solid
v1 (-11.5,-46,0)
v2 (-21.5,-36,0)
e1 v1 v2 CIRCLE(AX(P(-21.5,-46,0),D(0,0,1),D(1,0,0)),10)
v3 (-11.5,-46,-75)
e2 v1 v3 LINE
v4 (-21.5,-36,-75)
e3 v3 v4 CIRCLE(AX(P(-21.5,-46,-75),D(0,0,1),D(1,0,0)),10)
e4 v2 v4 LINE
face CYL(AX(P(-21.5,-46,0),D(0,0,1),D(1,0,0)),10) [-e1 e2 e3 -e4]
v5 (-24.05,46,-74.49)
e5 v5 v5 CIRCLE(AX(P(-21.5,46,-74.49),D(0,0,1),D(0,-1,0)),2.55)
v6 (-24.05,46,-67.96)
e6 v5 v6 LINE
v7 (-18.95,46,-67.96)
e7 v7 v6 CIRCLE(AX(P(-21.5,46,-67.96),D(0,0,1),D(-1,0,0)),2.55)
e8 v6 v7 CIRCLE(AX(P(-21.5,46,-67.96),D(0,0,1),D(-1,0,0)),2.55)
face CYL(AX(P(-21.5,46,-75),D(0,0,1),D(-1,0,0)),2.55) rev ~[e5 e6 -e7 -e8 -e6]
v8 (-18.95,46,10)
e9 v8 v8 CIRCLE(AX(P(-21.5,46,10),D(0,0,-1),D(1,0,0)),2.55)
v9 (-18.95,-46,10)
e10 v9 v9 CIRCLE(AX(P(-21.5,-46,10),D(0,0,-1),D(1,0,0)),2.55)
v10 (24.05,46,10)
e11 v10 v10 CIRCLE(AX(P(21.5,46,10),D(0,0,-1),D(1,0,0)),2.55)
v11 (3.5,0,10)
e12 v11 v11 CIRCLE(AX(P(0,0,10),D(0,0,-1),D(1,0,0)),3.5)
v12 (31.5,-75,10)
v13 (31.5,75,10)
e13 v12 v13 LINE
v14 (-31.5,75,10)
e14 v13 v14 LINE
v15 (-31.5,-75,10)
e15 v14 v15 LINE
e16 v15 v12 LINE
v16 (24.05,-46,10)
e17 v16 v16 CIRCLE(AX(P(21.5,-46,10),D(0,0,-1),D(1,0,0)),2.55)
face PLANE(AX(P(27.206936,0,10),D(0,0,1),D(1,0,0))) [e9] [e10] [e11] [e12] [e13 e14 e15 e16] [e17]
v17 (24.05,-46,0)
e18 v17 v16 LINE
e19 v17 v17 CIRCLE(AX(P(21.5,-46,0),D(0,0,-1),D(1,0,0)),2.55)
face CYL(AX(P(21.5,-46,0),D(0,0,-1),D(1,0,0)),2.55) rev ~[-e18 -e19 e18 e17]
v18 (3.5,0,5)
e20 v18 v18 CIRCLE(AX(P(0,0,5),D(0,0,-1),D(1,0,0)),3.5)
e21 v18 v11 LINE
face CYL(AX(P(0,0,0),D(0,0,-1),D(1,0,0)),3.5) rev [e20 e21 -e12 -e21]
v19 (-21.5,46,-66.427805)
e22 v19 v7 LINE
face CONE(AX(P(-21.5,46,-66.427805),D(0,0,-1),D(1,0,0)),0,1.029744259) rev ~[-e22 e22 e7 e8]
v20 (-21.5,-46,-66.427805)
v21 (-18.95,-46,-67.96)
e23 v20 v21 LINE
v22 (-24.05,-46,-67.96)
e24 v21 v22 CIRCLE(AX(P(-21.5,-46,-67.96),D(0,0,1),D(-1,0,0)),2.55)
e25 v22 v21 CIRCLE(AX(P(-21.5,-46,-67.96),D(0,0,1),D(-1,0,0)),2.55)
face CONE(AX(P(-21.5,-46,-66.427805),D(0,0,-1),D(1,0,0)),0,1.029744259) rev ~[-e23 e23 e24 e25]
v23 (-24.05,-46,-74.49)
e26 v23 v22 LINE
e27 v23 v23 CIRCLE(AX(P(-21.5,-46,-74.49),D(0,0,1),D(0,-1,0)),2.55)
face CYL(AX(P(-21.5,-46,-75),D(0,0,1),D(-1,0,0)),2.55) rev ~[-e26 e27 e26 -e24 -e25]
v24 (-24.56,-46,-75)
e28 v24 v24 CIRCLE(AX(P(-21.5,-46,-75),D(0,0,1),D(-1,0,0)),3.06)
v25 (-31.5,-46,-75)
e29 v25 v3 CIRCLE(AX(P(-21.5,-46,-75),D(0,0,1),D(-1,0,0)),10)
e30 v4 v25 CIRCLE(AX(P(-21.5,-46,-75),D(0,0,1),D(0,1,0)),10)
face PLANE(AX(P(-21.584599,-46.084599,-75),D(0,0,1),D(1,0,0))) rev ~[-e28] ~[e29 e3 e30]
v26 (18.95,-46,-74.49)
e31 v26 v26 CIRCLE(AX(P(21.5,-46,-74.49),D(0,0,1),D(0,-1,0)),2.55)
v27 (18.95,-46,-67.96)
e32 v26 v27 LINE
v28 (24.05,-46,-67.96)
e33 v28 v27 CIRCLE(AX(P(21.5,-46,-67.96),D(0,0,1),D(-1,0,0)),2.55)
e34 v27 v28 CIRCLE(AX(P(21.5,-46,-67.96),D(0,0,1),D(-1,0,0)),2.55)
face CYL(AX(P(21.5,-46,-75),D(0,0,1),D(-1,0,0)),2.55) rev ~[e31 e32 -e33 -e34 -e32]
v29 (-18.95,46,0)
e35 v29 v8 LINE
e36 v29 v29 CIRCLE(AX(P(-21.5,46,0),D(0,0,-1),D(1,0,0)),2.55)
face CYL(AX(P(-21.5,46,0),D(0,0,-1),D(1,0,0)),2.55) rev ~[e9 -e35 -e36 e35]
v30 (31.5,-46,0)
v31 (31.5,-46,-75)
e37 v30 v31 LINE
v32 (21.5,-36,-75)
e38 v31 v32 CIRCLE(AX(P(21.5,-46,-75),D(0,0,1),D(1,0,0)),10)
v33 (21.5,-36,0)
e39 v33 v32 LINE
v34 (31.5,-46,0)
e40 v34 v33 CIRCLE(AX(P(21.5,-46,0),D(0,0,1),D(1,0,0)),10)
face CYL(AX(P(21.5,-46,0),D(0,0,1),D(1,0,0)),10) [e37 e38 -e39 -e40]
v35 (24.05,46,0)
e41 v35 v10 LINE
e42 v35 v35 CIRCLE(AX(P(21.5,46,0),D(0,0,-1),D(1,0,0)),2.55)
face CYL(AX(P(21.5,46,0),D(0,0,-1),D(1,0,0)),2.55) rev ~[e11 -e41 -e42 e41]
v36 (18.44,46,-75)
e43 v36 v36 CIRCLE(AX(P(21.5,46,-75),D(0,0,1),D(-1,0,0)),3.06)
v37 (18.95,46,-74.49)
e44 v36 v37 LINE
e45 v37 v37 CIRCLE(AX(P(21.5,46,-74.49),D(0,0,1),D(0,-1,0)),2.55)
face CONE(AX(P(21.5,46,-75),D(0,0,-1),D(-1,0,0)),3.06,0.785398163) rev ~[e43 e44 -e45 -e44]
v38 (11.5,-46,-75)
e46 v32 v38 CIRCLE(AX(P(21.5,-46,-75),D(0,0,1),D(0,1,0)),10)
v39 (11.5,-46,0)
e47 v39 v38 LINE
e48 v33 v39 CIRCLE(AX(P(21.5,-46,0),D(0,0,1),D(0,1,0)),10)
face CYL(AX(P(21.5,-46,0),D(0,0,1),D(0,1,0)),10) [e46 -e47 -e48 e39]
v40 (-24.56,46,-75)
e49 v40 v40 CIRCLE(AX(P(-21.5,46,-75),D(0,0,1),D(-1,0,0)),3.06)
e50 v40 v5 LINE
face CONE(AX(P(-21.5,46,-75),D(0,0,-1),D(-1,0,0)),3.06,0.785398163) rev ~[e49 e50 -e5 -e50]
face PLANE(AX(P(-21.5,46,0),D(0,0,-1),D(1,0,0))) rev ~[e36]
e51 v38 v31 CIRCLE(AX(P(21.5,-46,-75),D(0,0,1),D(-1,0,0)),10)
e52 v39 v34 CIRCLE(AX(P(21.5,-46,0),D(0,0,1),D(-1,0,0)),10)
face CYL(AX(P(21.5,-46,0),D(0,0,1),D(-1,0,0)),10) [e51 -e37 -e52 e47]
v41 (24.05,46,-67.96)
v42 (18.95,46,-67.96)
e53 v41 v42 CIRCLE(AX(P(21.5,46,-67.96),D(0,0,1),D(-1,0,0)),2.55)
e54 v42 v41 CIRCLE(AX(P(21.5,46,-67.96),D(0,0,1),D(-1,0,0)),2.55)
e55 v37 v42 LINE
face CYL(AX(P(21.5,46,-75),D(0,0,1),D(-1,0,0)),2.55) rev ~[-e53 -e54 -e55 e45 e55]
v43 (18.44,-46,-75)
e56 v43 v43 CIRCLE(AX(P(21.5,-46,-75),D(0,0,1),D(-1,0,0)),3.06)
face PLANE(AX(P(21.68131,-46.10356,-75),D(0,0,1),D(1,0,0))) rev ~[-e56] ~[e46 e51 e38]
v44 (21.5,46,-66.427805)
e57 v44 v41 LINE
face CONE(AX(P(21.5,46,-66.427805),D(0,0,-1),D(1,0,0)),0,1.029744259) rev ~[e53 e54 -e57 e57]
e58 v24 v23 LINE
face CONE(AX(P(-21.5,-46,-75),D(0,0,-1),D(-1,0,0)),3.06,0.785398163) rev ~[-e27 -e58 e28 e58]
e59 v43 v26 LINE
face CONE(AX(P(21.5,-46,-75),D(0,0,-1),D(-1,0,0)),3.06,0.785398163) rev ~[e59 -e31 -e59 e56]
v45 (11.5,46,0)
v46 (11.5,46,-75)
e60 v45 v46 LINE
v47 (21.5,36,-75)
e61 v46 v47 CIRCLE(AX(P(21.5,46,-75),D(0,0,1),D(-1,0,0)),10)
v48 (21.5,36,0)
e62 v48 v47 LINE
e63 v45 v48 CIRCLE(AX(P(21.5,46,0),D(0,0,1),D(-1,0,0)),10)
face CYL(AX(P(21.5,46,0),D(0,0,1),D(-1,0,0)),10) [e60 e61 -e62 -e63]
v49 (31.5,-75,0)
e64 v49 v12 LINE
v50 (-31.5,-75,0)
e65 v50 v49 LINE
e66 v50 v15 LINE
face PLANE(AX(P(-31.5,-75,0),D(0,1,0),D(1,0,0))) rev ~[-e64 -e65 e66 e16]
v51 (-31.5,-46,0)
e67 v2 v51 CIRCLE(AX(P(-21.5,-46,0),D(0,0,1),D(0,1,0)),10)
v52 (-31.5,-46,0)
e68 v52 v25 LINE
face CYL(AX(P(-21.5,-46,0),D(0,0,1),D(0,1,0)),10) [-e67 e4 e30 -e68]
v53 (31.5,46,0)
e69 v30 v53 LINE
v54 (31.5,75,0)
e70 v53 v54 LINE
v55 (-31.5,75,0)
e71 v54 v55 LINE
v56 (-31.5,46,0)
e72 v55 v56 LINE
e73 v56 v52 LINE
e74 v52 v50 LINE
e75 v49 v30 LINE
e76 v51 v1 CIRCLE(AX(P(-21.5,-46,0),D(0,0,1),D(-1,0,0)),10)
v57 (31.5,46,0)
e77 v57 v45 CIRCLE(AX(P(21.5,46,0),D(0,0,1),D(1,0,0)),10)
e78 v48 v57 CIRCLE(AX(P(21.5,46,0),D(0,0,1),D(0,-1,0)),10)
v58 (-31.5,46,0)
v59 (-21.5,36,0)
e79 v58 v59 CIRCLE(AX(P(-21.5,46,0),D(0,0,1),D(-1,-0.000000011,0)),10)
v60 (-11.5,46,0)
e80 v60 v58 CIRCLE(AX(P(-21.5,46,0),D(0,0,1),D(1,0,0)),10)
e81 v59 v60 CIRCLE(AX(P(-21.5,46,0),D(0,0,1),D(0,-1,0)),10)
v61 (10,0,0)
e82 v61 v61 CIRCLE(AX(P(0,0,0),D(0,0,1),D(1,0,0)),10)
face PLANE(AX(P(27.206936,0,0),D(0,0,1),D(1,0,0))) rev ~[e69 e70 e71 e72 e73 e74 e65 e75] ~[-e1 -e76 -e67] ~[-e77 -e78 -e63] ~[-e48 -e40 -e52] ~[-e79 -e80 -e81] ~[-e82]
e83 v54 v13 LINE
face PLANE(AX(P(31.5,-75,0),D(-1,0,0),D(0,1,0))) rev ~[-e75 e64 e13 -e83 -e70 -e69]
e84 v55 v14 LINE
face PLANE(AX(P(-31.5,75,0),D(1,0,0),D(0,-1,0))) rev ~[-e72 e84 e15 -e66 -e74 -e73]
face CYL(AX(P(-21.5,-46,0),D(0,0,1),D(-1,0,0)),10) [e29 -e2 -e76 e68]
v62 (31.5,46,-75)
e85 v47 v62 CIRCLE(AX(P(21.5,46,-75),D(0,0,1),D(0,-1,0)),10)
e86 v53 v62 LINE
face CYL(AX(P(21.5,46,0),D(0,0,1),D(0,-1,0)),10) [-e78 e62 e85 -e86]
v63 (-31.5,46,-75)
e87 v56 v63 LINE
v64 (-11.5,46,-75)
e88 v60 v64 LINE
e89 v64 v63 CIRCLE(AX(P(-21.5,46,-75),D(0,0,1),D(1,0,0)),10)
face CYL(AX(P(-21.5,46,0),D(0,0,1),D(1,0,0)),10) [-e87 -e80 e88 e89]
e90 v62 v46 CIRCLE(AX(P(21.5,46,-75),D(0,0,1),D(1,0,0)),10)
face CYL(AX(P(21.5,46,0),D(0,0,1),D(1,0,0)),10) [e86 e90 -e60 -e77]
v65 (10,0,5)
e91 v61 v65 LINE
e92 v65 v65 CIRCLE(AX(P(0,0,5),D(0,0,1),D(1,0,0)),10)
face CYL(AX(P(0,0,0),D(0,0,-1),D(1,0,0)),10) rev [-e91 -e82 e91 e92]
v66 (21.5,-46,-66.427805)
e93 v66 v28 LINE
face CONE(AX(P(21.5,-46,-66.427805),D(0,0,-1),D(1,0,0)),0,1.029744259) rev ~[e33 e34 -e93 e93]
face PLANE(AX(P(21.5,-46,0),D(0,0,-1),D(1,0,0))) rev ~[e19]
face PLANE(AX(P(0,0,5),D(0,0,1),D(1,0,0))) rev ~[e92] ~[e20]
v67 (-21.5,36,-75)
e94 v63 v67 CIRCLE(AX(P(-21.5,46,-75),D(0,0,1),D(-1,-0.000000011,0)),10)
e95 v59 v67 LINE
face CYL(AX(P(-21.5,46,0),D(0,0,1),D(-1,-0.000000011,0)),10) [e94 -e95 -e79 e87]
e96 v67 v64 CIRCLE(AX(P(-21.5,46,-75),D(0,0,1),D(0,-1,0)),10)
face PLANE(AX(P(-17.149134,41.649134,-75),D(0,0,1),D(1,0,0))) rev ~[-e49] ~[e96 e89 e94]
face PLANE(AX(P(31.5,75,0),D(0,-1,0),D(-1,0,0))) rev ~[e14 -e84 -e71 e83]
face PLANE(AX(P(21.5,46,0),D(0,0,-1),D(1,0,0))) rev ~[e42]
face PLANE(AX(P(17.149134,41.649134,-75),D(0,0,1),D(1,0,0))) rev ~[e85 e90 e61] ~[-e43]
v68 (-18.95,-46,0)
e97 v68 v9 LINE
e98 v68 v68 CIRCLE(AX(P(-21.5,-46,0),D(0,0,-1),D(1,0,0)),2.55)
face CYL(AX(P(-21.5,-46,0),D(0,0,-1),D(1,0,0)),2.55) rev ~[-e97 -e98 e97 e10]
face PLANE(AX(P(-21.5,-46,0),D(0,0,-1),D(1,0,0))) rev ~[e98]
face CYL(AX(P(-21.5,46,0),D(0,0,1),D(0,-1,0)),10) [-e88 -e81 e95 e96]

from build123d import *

# Parameters (mm, degrees)
F5_DEPTH               = 10
F6_DEPTH               = 75
F11_D                  = 5.1
F11_DEPTH              = 7.04
F11_CSINK_D            = 6.12
F11_CSINK_ANGLE        = 90
F11_TIP                = 1.5321945785
F11_ON_F9_D            = 5.1
F11_ON_F9_DEPTH        = 7.04
F11_ON_F9_CSINK_D      = 6.12
F11_ON_F9_CSINK_ANGLE  = 90
F11_ON_F9_TIP          = 1.5321945785
F11_ON_F10_D           = 5.1
F11_ON_F10_DEPTH       = 7.04
F11_ON_F10_CSINK_D     = 6.12
F11_ON_F10_CSINK_ANGLE = 90
F11_ON_F10_TIP         = 1.5321945785
F11_ON_F8_D            = 5.1
F11_ON_F8_DEPTH        = 7.04
F11_ON_F8_CSINK_D      = 6.12
F11_ON_F8_CSINK_ANGLE  = 90
F11_ON_F8_TIP          = 1.5321945785
F12_D                  = 5.1
F12_DEPTH              = 11
F12_TIP                = 1.5321945785
F13_R                  = 3.5
F14_DEPTH              = 25
F15_R                  = 10
F16_DEPTH              = 5


with BuildPart() as f5:
    # F4 (on Top) → F5 (new body)
    with BuildSketch(Plane.XY):
        with BuildLine():
            ThreePointArc((21.5, -36), (28.5710678119, -38.9289321881), (31.5, -46))
            Line((31.5, -46), (31.5, 46))
            ThreePointArc((31.5, 46), (28.5710678119, 38.9289321881), (21.5, 36))
            Line((21.5, 36), (21.5, -36))
        make_face()
        with BuildLine():
            Line((-31.5, -75), (31.5, -75))
            Line((31.5, -75), (31.5, -46))
            ThreePointArc((31.5, -46), (21.5, -56), (11.5, -46))
            Line((11.5, -46), (-11.5, -46))
            ThreePointArc((-11.5, -46), (-21.5, -56), (-31.5, -46))
            Line((-31.5, -46), (-31.5, -75))
        make_face()
        with BuildLine():
            Line((-31.5, 45.999999887), (-31.5, -46))
            ThreePointArc((-31.5, -46), (-28.5710678119, -38.9289321881), (-21.5, -36))
            Line((-21.5, -36), (-21.5, 36))
            ThreePointArc((-21.5, 36), (-28.5710677719, 38.9289321482), (-31.5, 45.999999887))
        make_face()
        with BuildLine():
            ThreePointArc((11.5, -46), (14.4289321881, -38.9289321881), (21.5, -36))
            Line((21.5, -36), (21.5, 36))
            ThreePointArc((21.5, 36), (14.4289321881, 38.9289321881), (11.5, 46))
            Line((11.5, 46), (-11.5, 46))
            ThreePointArc((-11.5, 46), (-14.4289321881, 38.9289321881), (-21.5, 36))
            Line((-21.5, 36), (-21.5, -36))
            ThreePointArc((-21.5, -36), (-14.4289321881, -38.9289321881), (-11.5, -46))
            Line((-11.5, -46), (11.5, -46))
        make_face()
        with BuildLine():
            ThreePointArc((-21.5, -36), (-28.5710678119, -38.9289321881), (-31.5, -46))
            ThreePointArc((-31.5, -46), (-21.5, -56), (-11.5, -46))
            Line((-11.5, -46), (-18.95, -46))
            ThreePointArc((-18.95, -46), (-23.303122292, -47.803122292), (-21.5, -43.45))
            Line((-21.5, -43.45), (-21.5, -36))
        make_face()
        with BuildLine():
            ThreePointArc((-11.5, -46), (-14.4289321881, -38.9289321881), (-21.5, -36))
            Line((-21.5, -36), (-21.5, -43.45))
            ThreePointArc((-21.5, -43.45), (-19.696877708, -44.196877708), (-18.95, -46))
            Line((-18.95, -46), (-11.5, -46))
        make_face()
        with BuildLine():
            Line((-21.5, -46), (-21.5, -43.45))
            ThreePointArc((-21.5, -43.45), (-23.303122292, -47.803122292), (-18.95, -46))
            Line((-18.95, -46), (-21.5, -46))
        make_face()
        with BuildLine():
            ThreePointArc((-18.95, -46), (-19.696877708, -44.196877708), (-21.5, -43.45))
            Line((-21.5, -43.45), (-21.5, -46))
            Line((-21.5, -46), (-18.95, -46))
        make_face()
        with BuildLine():
            ThreePointArc((11.5, -46), (21.5, -56), (31.5, -46))
            ThreePointArc((31.5, -46), (28.5710678119, -38.9289321881), (21.5, -36))
            Line((21.5, -36), (21.5, -43.45))
            ThreePointArc((21.5, -43.45), (23.303122292, -44.196877708), (24.05, -46))
            ThreePointArc((24.05, -46), (21.5, -48.55), (18.95, -46))
            Line((18.95, -46), (11.5, -46))
        make_face()
        with BuildLine():
            Line((21.5, -46), (21.5, -43.45))
            ThreePointArc((21.5, -43.45), (19.696877708, -44.196877708), (18.95, -46))
            Line((18.95, -46), (21.5, -46))
        make_face()
        with BuildLine():
            ThreePointArc((24.05, -46), (23.303122292, -44.196877708), (21.5, -43.45))
            Line((21.5, -43.45), (21.5, -46))
            Line((21.5, -46), (18.95, -46))
            ThreePointArc((18.95, -46), (21.5, -48.55), (24.05, -46))
        make_face()
        with BuildLine():
            Line((21.5, -43.45), (21.5, -36))
            ThreePointArc((21.5, -36), (14.4289321881, -38.9289321881), (11.5, -46))
            Line((11.5, -46), (18.95, -46))
            ThreePointArc((18.95, -46), (19.696877708, -44.196877708), (21.5, -43.45))
        make_face()
        with BuildLine():
            Line((18.95, 46), (11.5, 46))
            ThreePointArc((11.5, 46), (14.4289321881, 38.9289321881), (21.5, 36))
            Line((21.5, 36), (21.5, 43.45))
            ThreePointArc((21.5, 43.45), (19.696877708, 44.196877708), (18.95, 46))
        make_face()
        with BuildLine():
            Line((21.5, 46), (18.95, 46))
            ThreePointArc((18.95, 46), (19.696877708, 44.196877708), (21.5, 43.45))
            Line((21.5, 43.45), (21.5, 46))
        make_face()
        with BuildLine():
            ThreePointArc((24.05, 46), (21.5, 48.55), (18.95, 46))
            Line((18.95, 46), (21.5, 46))
            Line((21.5, 46), (21.5, 43.45))
            ThreePointArc((21.5, 43.45), (23.303122292, 44.196877708), (24.05, 46))
        make_face()
        with BuildLine():
            ThreePointArc((21.5, 36), (28.5710678119, 38.9289321881), (31.5, 46))
            ThreePointArc((31.5, 46), (21.5, 56), (11.5, 46))
            Line((11.5, 46), (18.95, 46))
            ThreePointArc((18.95, 46), (21.5, 48.55), (24.05, 46))
            ThreePointArc((24.05, 46), (23.303122292, 44.196877708), (21.5, 43.45))
            Line((21.5, 43.45), (21.5, 36))
        make_face()
        with BuildLine():
            ThreePointArc((-21.5, 36), (-14.4289321881, 38.9289321881), (-11.5, 46))
            Line((-11.5, 46), (-18.95, 46))
            ThreePointArc((-18.95, 46), (-19.696877708, 44.196877708), (-21.5, 43.45))
            Line((-21.5, 43.45), (-21.5, 36))
        make_face()
        with BuildLine():
            ThreePointArc((-21.5, 43.45), (-19.696877708, 44.196877708), (-18.95, 46))
            Line((-18.95, 46), (-21.5, 46))
            Line((-21.5, 46), (-21.5, 43.45))
        make_face()
        with BuildLine():
            Line((-21.5, 46), (-18.95, 46))
            ThreePointArc((-18.95, 46), (-23.303122292, 47.803122292), (-21.5, 43.45))
            Line((-21.5, 43.45), (-21.5, 46))
        make_face()
        with BuildLine():
            ThreePointArc((-11.5, 46), (-21.5000000565, 56), (-31.5, 45.999999887))
            ThreePointArc((-31.5, 45.999999887), (-28.5710677719, 38.9289321482), (-21.5, 36))
            Line((-21.5, 36), (-21.5, 43.45))
            ThreePointArc((-21.5, 43.45), (-23.303122292, 47.803122292), (-18.95, 46))
            Line((-18.95, 46), (-11.5, 46))
        make_face()
        with BuildLine():
            ThreePointArc((11.5, 46), (21.5, 56), (31.5, 46))
            Line((31.5, 46), (31.5, 75))
            Line((31.5, 75), (-31.5, 75))
            Line((-31.5, 75), (-31.5, 45.999999887))
            ThreePointArc((-31.5, 45.999999887), (-21.5000000565, 56), (-11.5, 46))
            Line((-11.5, 46), (11.5, 46))
        make_face()
    extrude(amount=F5_DEPTH)

    # F4 (on Top) → F6 (join)
    with BuildSketch(Plane.XY):
        with BuildLine():
            Line((18.95, 46), (11.5, 46))
            ThreePointArc((11.5, 46), (14.4289321881, 38.9289321881), (21.5, 36))
            Line((21.5, 36), (21.5, 43.45))
            ThreePointArc((21.5, 43.45), (19.696877708, 44.196877708), (18.95, 46))
        make_face()
        with BuildLine():
            ThreePointArc((21.5, 36), (28.5710678119, 38.9289321881), (31.5, 46))
            ThreePointArc((31.5, 46), (21.5, 56), (11.5, 46))
            Line((11.5, 46), (18.95, 46))
            ThreePointArc((18.95, 46), (21.5, 48.55), (24.05, 46))
            ThreePointArc((24.05, 46), (23.303122292, 44.196877708), (21.5, 43.45))
            Line((21.5, 43.45), (21.5, 36))
        make_face()
        with BuildLine():
            ThreePointArc((24.05, 46), (21.5, 48.55), (18.95, 46))
            Line((18.95, 46), (21.5, 46))
            Line((21.5, 46), (21.5, 43.45))
            ThreePointArc((21.5, 43.45), (23.303122292, 44.196877708), (24.05, 46))
        make_face()
        with BuildLine():
            Line((21.5, 46), (18.95, 46))
            ThreePointArc((18.95, 46), (19.696877708, 44.196877708), (21.5, 43.45))
            Line((21.5, 43.45), (21.5, 46))
        make_face()
        with BuildLine():
            ThreePointArc((-21.5, 36), (-14.4289321881, 38.9289321881), (-11.5, 46))
            Line((-11.5, 46), (-18.95, 46))
            ThreePointArc((-18.95, 46), (-19.696877708, 44.196877708), (-21.5, 43.45))
            Line((-21.5, 43.45), (-21.5, 36))
        make_face()
        with BuildLine():
            ThreePointArc((-11.5, 46), (-21.5000000565, 56), (-31.5, 45.999999887))
            ThreePointArc((-31.5, 45.999999887), (-28.5710677719, 38.9289321482), (-21.5, 36))
            Line((-21.5, 36), (-21.5, 43.45))
            ThreePointArc((-21.5, 43.45), (-23.303122292, 47.803122292), (-18.95, 46))
            Line((-18.95, 46), (-11.5, 46))
        make_face()
        with BuildLine():
            ThreePointArc((-21.5, 43.45), (-19.696877708, 44.196877708), (-18.95, 46))
            Line((-18.95, 46), (-21.5, 46))
            Line((-21.5, 46), (-21.5, 43.45))
        make_face()
        with BuildLine():
            Line((-21.5, 46), (-18.95, 46))
            ThreePointArc((-18.95, 46), (-23.303122292, 47.803122292), (-21.5, 43.45))
            Line((-21.5, 43.45), (-21.5, 46))
        make_face()
        with BuildLine():
            Line((-21.5, -46), (-21.5, -43.45))
            ThreePointArc((-21.5, -43.45), (-23.303122292, -47.803122292), (-18.95, -46))
            Line((-18.95, -46), (-21.5, -46))
        make_face()
        with BuildLine():
            ThreePointArc((-18.95, -46), (-19.696877708, -44.196877708), (-21.5, -43.45))
            Line((-21.5, -43.45), (-21.5, -46))
            Line((-21.5, -46), (-18.95, -46))
        make_face()
        with BuildLine():
            ThreePointArc((-11.5, -46), (-14.4289321881, -38.9289321881), (-21.5, -36))
            Line((-21.5, -36), (-21.5, -43.45))
            ThreePointArc((-21.5, -43.45), (-19.696877708, -44.196877708), (-18.95, -46))
            Line((-18.95, -46), (-11.5, -46))
        make_face()
        with BuildLine():
            ThreePointArc((-21.5, -36), (-28.5710678119, -38.9289321881), (-31.5, -46))
            ThreePointArc((-31.5, -46), (-21.5, -56), (-11.5, -46))
            Line((-11.5, -46), (-18.95, -46))
            ThreePointArc((-18.95, -46), (-23.303122292, -47.803122292), (-21.5, -43.45))
            Line((-21.5, -43.45), (-21.5, -36))
        make_face()
        with BuildLine():
            ThreePointArc((24.05, -46), (23.303122292, -44.196877708), (21.5, -43.45))
            Line((21.5, -43.45), (21.5, -46))
            Line((21.5, -46), (18.95, -46))
            ThreePointArc((18.95, -46), (21.5, -48.55), (24.05, -46))
        make_face()
        with BuildLine():
            Line((21.5, -46), (21.5, -43.45))
            ThreePointArc((21.5, -43.45), (19.696877708, -44.196877708), (18.95, -46))
            Line((18.95, -46), (21.5, -46))
        make_face()
        with BuildLine():
            Line((21.5, -43.45), (21.5, -36))
            ThreePointArc((21.5, -36), (14.4289321881, -38.9289321881), (11.5, -46))
            Line((11.5, -46), (18.95, -46))
            ThreePointArc((18.95, -46), (19.696877708, -44.196877708), (21.5, -43.45))
        make_face()
        with BuildLine():
            ThreePointArc((11.5, -46), (21.5, -56), (31.5, -46))
            ThreePointArc((31.5, -46), (28.5710678119, -38.9289321881), (21.5, -36))
            Line((21.5, -36), (21.5, -43.45))
            ThreePointArc((21.5, -43.45), (23.303122292, -44.196877708), (24.05, -46))
            ThreePointArc((24.05, -46), (21.5, -48.55), (18.95, -46))
            Line((18.95, -46), (11.5, -46))
        make_face()
    extrude(amount=-F6_DEPTH)

    # F11
    with Locations(Plane(origin=(0, 0, -75), x_dir=(1, 0, 0), z_dir=(0, 0, -1))):
        with Locations((-21.5, -46)):
            CounterSinkHole(F11_D / 2, F11_CSINK_D / 2, depth=F11_DEPTH, counter_sink_angle=F11_CSINK_ANGLE)
            with Locations((0, 0, -(F11_DEPTH + F11_TIP / 2))):  # 118° drill point
                Cone(0, F11_D / 2, F11_TIP, mode=Mode.SUBTRACT)

    # F11 on F9
    with Locations(Plane(origin=(0, 0, -75), x_dir=(1, 0, 0), z_dir=(0, 0, -1))):
        with Locations((-21.5, 46)):
            CounterSinkHole(F11_ON_F9_D / 2, F11_ON_F9_CSINK_D / 2, depth=F11_ON_F9_DEPTH, counter_sink_angle=F11_ON_F9_CSINK_ANGLE)
            with Locations((0, 0, -(F11_ON_F9_DEPTH + F11_ON_F9_TIP / 2))):  # 118° drill point
                Cone(0, F11_ON_F9_D / 2, F11_ON_F9_TIP, mode=Mode.SUBTRACT)

    # F11 on F10
    with Locations(Plane(origin=(0, 0, -75), x_dir=(1, 0, 0), z_dir=(0, 0, -1))):
        with Locations((21.5, 46)):
            CounterSinkHole(F11_ON_F10_D / 2, F11_ON_F10_CSINK_D / 2, depth=F11_ON_F10_DEPTH, counter_sink_angle=F11_ON_F10_CSINK_ANGLE)
            with Locations((0, 0, -(F11_ON_F10_DEPTH + F11_ON_F10_TIP / 2))):  # 118° drill point
                Cone(0, F11_ON_F10_D / 2, F11_ON_F10_TIP, mode=Mode.SUBTRACT)

    # F11 on F8
    with Locations(Plane(origin=(0, 0, -75), x_dir=(1, 0, 0), z_dir=(0, 0, -1))):
        with Locations((21.5, -46)):
            CounterSinkHole(F11_ON_F8_D / 2, F11_ON_F8_CSINK_D / 2, depth=F11_ON_F8_DEPTH, counter_sink_angle=F11_ON_F8_CSINK_ANGLE)
            with Locations((0, 0, -(F11_ON_F8_DEPTH + F11_ON_F8_TIP / 2))):  # 118° drill point
                Cone(0, F11_ON_F8_D / 2, F11_ON_F8_TIP, mode=Mode.SUBTRACT)

    # F12 (one way)
    with BuildSketch(Plane(origin=(0, 0, 0), x_dir=(1, 0, 0), z_dir=(0, 0, -1))):
        with Locations((-21.5, -46), (21.5, -46), (-21.5, 46), (21.5, 46)):
            Circle(F12_D / 2)
    extrude(amount=-F12_DEPTH, mode=Mode.SUBTRACT)
    with Locations(Plane(origin=(0, 0, 0), x_dir=(1, 0, 0), z_dir=(0, 0, -1))):
        with Locations((-21.5, -46), (21.5, -46), (-21.5, 46), (21.5, 46)):
            with Locations((0, 0, -(F12_DEPTH + F12_TIP / 2))):  # 118° drill point
                Cone(0, F12_D / 2, F12_TIP, mode=Mode.SUBTRACT)

    # F13 (on face) → F14 (cut)
    with BuildSketch(Plane.XY):
        Circle(F13_R)
    extrude(amount=F14_DEPTH, mode=Mode.SUBTRACT)

    # F15 (on face) → F16 (cut)
    with BuildSketch(Plane.XY):
        Circle(F15_R)
    extrude(amount=F16_DEPTH, mode=Mode.SUBTRACT)


solid = f5.part
